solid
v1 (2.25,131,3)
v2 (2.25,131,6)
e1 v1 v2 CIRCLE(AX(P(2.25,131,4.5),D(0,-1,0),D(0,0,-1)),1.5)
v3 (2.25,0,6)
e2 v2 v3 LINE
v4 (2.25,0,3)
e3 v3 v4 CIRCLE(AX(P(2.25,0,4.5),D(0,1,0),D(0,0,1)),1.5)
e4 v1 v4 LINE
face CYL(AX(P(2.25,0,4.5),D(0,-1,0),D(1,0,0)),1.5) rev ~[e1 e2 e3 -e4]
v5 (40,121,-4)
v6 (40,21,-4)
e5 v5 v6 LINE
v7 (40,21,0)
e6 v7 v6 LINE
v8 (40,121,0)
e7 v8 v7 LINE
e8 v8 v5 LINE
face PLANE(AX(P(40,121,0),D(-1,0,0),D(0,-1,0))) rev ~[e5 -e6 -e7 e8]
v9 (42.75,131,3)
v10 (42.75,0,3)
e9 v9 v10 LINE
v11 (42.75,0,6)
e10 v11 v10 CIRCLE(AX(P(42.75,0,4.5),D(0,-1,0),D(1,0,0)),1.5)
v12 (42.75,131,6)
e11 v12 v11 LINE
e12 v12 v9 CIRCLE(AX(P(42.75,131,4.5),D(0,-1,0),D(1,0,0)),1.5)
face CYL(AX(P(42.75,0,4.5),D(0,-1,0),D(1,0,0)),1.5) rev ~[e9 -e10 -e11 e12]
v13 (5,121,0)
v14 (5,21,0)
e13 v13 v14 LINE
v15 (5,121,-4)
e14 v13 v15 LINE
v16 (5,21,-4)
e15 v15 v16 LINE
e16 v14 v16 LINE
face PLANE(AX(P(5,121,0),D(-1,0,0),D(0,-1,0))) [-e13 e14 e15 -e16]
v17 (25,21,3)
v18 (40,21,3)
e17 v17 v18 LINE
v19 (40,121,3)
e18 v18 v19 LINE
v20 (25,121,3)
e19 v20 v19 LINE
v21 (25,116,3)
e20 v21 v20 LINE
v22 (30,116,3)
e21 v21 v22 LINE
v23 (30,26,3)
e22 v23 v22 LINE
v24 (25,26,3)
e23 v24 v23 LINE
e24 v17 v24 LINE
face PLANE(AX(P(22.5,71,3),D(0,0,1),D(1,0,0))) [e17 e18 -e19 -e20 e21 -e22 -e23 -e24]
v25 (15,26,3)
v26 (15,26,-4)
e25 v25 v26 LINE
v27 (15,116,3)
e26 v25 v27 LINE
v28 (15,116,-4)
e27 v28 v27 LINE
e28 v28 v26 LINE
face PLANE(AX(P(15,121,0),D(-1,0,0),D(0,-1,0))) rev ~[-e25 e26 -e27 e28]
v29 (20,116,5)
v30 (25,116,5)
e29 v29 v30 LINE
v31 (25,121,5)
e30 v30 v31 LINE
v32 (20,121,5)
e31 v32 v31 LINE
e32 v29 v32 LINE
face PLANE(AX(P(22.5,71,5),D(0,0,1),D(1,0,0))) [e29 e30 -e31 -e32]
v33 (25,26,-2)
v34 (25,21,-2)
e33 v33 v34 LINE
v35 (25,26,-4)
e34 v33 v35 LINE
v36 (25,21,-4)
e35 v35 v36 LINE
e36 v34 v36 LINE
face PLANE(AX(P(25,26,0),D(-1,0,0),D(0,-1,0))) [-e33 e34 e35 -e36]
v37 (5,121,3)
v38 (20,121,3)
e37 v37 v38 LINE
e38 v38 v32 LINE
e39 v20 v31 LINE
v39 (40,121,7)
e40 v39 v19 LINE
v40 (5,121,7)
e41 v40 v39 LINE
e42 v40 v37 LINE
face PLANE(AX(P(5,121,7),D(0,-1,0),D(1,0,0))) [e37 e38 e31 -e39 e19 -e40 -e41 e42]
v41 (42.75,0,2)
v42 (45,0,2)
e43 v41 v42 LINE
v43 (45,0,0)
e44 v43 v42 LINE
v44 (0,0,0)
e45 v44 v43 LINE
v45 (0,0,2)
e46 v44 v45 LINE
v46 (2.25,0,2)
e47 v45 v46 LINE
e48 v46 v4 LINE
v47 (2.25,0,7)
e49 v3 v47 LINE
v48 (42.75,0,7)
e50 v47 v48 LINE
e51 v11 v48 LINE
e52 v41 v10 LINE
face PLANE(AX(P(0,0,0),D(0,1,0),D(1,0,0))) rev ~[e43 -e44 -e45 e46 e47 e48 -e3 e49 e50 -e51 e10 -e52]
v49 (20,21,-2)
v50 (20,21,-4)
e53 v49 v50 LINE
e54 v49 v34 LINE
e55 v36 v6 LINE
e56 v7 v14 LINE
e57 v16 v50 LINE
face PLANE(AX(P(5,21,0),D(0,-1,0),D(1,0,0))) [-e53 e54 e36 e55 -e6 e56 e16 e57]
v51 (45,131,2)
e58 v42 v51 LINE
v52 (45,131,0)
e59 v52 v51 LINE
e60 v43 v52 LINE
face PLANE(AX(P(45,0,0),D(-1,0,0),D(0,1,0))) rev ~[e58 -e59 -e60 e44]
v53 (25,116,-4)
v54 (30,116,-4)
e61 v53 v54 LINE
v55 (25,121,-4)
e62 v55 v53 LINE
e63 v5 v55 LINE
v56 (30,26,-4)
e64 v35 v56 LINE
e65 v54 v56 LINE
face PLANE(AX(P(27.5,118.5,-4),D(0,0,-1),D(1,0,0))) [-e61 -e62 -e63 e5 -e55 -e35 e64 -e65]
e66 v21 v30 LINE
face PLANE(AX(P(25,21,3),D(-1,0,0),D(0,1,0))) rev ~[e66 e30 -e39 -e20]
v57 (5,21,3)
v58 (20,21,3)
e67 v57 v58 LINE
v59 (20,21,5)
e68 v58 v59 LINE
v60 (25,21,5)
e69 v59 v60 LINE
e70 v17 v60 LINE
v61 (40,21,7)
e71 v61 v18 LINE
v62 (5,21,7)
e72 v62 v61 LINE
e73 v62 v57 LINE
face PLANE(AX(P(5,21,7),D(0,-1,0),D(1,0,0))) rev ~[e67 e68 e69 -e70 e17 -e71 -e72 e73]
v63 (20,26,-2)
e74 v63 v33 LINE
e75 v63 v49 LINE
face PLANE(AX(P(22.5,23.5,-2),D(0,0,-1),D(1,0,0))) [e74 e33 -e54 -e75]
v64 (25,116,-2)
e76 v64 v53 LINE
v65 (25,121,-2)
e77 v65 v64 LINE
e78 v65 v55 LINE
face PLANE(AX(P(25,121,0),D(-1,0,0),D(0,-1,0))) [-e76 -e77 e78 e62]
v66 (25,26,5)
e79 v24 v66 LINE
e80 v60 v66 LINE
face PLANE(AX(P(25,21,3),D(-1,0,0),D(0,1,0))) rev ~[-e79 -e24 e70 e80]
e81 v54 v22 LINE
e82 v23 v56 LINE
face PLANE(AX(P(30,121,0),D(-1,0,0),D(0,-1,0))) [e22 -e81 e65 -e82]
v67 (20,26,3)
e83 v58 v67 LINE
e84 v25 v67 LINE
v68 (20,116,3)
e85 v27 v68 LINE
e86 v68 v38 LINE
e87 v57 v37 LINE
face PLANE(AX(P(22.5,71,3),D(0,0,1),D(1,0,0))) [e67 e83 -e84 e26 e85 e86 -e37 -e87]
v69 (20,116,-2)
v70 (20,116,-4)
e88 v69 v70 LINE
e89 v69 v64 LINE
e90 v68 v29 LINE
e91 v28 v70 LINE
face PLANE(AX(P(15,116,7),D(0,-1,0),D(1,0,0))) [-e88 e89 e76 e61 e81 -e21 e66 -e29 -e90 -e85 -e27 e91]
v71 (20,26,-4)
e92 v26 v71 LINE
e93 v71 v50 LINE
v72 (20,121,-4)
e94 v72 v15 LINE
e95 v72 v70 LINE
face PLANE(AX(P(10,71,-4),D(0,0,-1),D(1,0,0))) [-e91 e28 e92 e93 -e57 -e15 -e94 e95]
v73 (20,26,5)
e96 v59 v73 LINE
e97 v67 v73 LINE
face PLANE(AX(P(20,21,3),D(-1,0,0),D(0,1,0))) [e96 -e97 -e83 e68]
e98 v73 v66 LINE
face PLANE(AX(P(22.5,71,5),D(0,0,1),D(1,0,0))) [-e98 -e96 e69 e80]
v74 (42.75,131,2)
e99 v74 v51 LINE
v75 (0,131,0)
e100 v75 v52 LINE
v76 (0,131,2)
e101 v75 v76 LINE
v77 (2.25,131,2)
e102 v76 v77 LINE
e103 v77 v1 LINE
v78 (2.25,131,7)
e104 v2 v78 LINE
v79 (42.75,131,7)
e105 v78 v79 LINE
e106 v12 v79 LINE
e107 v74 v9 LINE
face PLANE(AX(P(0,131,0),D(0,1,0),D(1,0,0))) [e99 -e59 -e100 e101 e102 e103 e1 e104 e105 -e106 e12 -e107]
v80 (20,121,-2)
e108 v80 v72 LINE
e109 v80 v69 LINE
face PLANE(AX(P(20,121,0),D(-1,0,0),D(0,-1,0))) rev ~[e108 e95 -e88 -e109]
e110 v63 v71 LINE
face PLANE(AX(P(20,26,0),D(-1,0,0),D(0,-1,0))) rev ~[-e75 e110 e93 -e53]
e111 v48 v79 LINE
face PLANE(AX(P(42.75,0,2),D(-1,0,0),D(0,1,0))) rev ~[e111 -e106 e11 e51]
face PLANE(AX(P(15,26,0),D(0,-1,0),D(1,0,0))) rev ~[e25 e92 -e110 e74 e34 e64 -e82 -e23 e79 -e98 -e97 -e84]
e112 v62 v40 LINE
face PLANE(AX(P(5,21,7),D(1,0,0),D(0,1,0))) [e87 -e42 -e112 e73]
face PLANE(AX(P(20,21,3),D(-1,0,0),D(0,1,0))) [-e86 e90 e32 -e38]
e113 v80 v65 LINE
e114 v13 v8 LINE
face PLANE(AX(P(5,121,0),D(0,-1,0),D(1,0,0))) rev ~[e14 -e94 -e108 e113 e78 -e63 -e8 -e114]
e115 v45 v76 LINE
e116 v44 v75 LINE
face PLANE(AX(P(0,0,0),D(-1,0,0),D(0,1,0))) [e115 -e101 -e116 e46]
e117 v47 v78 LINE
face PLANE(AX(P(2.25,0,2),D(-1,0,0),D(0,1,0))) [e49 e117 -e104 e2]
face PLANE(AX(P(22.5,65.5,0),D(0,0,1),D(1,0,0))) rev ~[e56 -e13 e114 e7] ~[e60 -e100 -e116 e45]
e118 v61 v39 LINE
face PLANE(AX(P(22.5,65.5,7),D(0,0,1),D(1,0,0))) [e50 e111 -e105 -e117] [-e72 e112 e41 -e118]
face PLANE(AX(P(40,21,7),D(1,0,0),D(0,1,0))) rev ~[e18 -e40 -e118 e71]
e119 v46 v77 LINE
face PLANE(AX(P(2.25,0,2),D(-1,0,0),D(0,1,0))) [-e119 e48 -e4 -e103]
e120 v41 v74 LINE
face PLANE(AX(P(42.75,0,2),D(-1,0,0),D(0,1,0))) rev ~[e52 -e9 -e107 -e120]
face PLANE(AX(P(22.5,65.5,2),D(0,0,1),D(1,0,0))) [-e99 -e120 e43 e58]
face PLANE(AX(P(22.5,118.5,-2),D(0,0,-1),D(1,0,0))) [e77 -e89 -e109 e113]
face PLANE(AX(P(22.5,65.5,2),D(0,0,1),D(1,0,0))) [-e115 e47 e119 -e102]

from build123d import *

# Parameters (mm, degrees)
F0_W      = 45
F0_H      = 131
F1_DEPTH  = 2
F2_W      = 40.5
F2_H      = 131
F3_DEPTH  = 5
F5_W      = 35
F5_H      = 100
F6_DEPTH  = 4
F7_W      = 5
F7_H      = 100
F8_DEPTH  = 2
F4_W      = 15
F4_H      = 90
F9_DEPTH  = 7.001
F10_W     = 5
F10_H     = 5
F13_DEPTH = 2
F12_W     = 5
F12_H     = 5
F14_DEPTH = 4
F11_W     = 10
F11_H     = 100
F15_DEPTH = 4
F16_R     = 1.5
F17_DEPTH = 131.001


with BuildPart() as f1:
    # F0 (on Top) → F1 (new body)
    with BuildSketch(Plane.XY):
        with Locations((22.5, 65.5)):
            Rectangle(F0_W, F0_H)
    extrude(amount=F1_DEPTH)

    # F2 (on face) → F3 (join)
    with BuildSketch(Plane.XY.offset(2)):
        with Locations((22.5, 65.5)):
            Rectangle(F2_W, F2_H)
    extrude(amount=F3_DEPTH)

    # F5 (on face) → F6 (cut)
    with BuildSketch(Plane.XY.offset(7)):
        with Locations((22.5, 71)):
            Rectangle(F5_W, F5_H)
    extrude(amount=-F6_DEPTH, mode=Mode.SUBTRACT)

    # F7 (on face) → F8 (join)
    with BuildSketch(Plane.XY.offset(3)):
        with Locations((22.5, 71)):
            Rectangle(F7_W, F7_H)
    extrude(amount=F8_DEPTH)

    # F4 (on face) → F9 (cut, through all)
    with BuildSketch(Plane.XY.offset(7)):
        with Locations((22.5, 71)):
            Rectangle(F4_W, F4_H)
    extrude(amount=-F9_DEPTH, mode=Mode.SUBTRACT)

    # F10 (on face) → F13 (join)
    with BuildSketch(Plane(origin=(0, 0, 0), x_dir=(1, 0, 0), z_dir=(0, 0, -1))):
        with Locations((22.5, -118.5)):
            Rectangle(F10_W, F10_H)
        with Locations((22.5, -23.5)):
            Rectangle(F10_W, F10_H)
    extrude(amount=F13_DEPTH)

    # F12 (on face) → F14 (join)
    with BuildSketch(Plane(origin=(0, 0, 0), x_dir=(1, 0, 0), z_dir=(0, 0, -1))):
        with Locations((17.5, -23.5)):
            Rectangle(F12_W, F12_H)
        with Locations((27.5, -23.5)):
            Rectangle(F12_W, F12_H)
        with Locations((27.5, -118.5)):
            Rectangle(F12_W, F12_H)
        with Locations((17.5, -118.5)):
            Rectangle(F12_W, F12_H)
    extrude(amount=F14_DEPTH)

    # F11 (on face) → F15 (join)
    with BuildSketch(Plane(origin=(0, 0, 0), x_dir=(1, 0, 0), z_dir=(0, 0, -1))):
        with Locations((10, -71)):
            Rectangle(F11_W, F11_H)
        with Locations((35, -71)):
            Rectangle(F11_W, F11_H)
    extrude(amount=F15_DEPTH)

    # F16 (on face) → F17 (cut, through all)
    with BuildSketch(Plane.XZ):
        with Locations((2.25, 4.5)):
            Circle(F16_R)
        with Locations((42.75, 4.5)):
            Circle(F16_R)
    extrude(amount=-F17_DEPTH, mode=Mode.SUBTRACT)


solid = f1.part
